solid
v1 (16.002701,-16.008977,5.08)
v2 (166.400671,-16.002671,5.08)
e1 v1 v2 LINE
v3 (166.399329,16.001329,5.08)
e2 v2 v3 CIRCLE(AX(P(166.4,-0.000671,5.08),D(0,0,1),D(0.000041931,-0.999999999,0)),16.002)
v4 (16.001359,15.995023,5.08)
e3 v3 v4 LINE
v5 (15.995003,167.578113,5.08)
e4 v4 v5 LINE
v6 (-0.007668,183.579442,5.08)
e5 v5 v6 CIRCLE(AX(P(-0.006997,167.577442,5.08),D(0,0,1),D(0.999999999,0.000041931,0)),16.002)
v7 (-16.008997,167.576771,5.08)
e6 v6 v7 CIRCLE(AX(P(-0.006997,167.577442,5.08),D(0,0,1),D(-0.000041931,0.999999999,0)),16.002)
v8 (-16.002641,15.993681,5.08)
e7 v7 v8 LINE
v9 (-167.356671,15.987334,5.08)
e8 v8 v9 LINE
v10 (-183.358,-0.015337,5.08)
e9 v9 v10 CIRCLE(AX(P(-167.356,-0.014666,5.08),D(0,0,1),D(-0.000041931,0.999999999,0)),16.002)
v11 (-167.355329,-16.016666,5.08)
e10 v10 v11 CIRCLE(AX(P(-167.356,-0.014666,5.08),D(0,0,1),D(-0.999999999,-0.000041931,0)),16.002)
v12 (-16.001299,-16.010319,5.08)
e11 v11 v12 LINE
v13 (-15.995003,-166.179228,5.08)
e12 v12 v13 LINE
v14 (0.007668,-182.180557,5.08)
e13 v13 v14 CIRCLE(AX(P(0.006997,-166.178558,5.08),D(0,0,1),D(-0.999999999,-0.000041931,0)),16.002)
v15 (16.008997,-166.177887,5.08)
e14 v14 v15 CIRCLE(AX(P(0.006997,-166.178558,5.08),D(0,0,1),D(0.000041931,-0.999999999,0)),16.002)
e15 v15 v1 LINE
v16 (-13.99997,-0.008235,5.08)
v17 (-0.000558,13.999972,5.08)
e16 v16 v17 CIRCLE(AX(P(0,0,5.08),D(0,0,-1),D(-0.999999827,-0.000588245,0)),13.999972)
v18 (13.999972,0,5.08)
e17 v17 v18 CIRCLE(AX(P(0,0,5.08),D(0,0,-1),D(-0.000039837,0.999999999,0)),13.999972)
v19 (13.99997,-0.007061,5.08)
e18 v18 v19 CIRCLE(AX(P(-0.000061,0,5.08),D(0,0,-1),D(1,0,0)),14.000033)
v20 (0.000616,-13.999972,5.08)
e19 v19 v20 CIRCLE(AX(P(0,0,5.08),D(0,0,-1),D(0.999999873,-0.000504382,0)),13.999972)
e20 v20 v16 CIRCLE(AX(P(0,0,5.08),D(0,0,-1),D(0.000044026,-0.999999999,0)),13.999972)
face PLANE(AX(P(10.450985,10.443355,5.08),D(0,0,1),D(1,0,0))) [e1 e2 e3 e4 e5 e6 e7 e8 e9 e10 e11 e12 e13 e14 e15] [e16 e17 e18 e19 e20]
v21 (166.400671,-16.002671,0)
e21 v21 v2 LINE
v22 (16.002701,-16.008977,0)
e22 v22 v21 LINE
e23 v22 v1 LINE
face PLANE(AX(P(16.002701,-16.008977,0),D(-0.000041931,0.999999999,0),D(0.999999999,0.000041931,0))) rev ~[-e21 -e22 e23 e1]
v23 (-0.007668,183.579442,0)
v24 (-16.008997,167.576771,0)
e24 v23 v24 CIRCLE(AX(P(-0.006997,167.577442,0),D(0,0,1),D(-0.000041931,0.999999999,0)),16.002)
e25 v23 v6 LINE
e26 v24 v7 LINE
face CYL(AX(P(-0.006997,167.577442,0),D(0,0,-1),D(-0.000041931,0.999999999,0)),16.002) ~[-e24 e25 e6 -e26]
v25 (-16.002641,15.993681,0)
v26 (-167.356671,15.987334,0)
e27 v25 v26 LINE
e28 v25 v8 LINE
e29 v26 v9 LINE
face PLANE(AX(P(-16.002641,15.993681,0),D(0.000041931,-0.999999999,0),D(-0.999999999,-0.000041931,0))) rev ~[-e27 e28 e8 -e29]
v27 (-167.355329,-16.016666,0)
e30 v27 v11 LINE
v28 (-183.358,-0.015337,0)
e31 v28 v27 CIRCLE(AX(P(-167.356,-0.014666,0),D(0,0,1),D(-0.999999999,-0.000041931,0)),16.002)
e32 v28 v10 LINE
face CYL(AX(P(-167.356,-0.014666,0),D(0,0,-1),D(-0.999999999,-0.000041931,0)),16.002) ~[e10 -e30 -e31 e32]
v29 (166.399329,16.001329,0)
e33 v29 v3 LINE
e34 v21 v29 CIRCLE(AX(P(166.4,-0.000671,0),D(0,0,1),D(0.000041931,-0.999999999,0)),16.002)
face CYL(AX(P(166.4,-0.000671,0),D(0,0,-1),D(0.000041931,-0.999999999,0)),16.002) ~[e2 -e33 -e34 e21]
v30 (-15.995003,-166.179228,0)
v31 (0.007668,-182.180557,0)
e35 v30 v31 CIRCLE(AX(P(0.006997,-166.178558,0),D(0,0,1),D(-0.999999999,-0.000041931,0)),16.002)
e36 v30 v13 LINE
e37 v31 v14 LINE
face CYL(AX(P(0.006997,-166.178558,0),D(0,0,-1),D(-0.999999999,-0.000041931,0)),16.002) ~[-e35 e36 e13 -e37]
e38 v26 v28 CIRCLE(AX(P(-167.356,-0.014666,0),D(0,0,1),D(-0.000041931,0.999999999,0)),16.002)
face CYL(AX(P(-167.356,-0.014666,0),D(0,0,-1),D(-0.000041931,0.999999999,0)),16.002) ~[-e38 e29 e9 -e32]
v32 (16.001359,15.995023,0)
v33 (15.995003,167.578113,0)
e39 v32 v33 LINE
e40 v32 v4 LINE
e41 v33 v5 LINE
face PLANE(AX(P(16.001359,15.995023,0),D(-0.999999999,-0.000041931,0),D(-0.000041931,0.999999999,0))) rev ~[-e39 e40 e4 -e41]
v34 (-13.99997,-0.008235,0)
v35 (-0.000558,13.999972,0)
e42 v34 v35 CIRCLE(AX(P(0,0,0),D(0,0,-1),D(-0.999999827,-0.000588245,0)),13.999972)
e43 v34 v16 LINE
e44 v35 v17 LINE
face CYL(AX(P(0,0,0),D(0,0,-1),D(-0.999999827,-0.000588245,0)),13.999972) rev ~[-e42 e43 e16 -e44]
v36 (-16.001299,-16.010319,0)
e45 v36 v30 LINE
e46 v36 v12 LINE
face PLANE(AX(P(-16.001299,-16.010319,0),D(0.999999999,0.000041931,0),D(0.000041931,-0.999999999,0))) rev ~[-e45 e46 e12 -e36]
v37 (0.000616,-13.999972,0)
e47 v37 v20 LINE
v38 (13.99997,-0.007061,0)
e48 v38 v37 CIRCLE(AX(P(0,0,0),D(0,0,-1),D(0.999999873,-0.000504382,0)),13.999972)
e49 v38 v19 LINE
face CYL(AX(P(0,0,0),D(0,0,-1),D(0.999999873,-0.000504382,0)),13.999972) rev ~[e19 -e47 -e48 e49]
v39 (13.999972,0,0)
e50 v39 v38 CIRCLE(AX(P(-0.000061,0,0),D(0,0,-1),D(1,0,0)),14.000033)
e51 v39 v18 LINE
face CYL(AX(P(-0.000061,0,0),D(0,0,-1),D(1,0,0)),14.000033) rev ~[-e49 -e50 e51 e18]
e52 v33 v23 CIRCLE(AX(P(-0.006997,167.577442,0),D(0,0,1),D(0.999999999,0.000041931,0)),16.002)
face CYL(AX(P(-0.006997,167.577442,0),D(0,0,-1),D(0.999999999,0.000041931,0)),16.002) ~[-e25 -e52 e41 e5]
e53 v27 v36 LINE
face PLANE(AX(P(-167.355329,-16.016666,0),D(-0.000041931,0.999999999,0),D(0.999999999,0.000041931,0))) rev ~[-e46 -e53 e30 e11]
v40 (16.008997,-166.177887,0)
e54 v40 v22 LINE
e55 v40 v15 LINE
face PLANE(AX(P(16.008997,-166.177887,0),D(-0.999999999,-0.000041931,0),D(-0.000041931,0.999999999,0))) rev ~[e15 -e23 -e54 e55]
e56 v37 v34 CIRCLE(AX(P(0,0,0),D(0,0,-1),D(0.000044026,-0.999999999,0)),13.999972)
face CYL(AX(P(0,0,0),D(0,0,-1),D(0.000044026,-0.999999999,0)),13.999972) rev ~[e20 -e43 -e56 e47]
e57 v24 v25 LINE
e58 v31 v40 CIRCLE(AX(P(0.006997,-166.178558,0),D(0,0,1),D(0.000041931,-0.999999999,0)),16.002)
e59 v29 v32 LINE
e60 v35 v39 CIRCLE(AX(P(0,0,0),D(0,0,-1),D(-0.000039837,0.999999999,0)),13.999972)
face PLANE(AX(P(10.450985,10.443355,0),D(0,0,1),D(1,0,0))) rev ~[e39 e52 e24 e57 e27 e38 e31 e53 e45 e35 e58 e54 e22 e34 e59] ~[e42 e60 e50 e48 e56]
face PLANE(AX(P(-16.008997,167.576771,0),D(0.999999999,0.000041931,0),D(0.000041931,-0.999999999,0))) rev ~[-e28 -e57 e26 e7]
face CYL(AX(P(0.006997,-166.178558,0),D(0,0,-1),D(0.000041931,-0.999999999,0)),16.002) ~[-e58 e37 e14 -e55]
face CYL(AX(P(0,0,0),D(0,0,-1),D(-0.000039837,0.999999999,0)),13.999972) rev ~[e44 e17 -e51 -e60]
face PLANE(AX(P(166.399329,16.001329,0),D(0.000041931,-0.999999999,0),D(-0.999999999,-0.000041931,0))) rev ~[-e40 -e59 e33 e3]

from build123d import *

# Parameters (mm, degrees)
F1_DEPTH = 5.08


with BuildPart() as f1:
    # F0 (on Top) → F1 (new body)
    with BuildSketch(Plane.XY):
        with BuildLine():
            ThreePointArc((-0.0005577104, 13.9999719889), (9.8992779553, 9.899672316), (13.999972, 0))
            ThreePointArc((13.999972, 0), (13.9999715548, -0.0035306699), (13.9999702192, -0.0070613395))
            Line((13.9999702192, -0.0070613395), (16.0020296353, -0.0069773903))
            Line((16.0020296353, -0.0069773903), (16.0013586484, 15.9950225957))
            Line((16.0013586484, 15.9950225957), (-0.0006413376, 15.9943516088))
            Line((-0.0006413376, 15.9943516088), (-0.0005577104, 13.9999719889))
        make_face()
        with BuildLine():
            ThreePointArc((-13.9999695778, -0.0082354173), (-9.9025834897, 9.8963658093), (-0.0005577104, 13.9999719889))
            Line((-0.0005577104, 13.9999719889), (-0.0006413376, 15.9943516088))
            Line((-0.0006413376, 15.9943516088), (-16.0026413235, 15.9936806219))
            Line((-16.0026413235, 15.9936806219), (-16.0019703366, -0.0083193641))
            Line((-16.0019703366, -0.0083193641), (-13.9999695778, -0.0082354173))
        make_face()
        with BuildLine():
            Line((16.0020296353, -0.0069773903), (13.9999702192, -0.0070613395))
            ThreePointArc((13.9999702192, -0.0070613395), (9.8971962336, -9.9017535171), (0.0006163676, -13.9999719864))
            Line((0.0006163676, -13.9999719864), (0.0007006362, -16.0096483631))
            Line((0.0007006362, -16.0096483631), (16.0027006222, -16.0089773762))
            Line((16.0027006222, -16.0089773762), (16.0020296353, -0.0069773903))
        make_face()
        with BuildLine():
            ThreePointArc((0.0006163676, -13.9999719864), (-9.8963450643, -9.9026042216), (-13.9999695778, -0.0082354173))
            Line((-13.9999695778, -0.0082354173), (-16.0019703366, -0.0083193641))
            Line((-16.0019703366, -0.0083193641), (-16.0012993497, -16.01031935))
            Line((-16.0012993497, -16.01031935), (0.0007006362, -16.0096483631))
            Line((0.0007006362, -16.0096483631), (0.0006163676, -13.9999719864))
        make_face()
        with BuildLine():
            Line((-16.0026413235, 15.9936806219), (-0.0006413376, 15.9943516088))
            Line((-0.0006413376, 15.9943516088), (-0.0076684216, 183.5794421849))
            ThreePointArc((-0.0076684216, 183.5794421849), (-11.3225945967, 178.8920904422), (-16.0089974207, 167.5767712121))
            Line((-16.0089974207, 167.5767712121), (-16.0026413235, 15.9936806219))
        make_face()
        with BuildLine():
            Line((-0.0076684216, 183.5794421849), (-0.0006413376, 15.9943516088))
            Line((-0.0006413376, 15.9943516088), (16.0013586484, 15.9950225957))
            Line((16.0013586484, 15.9950225957), (15.9950025512, 167.5781131858))
            ThreePointArc((15.9950025512, 167.5781131858), (11.3076508085, 178.8930393609), (-0.0076684216, 183.5794421849))
        make_face()
        Polygon((166.3999998453, -0.0006709869), (16.0020296353, -0.0069773903), (16.0027006222, -16.0089773762), (166.4006708322, -16.0026709728), align=None)
        Polygon((16.0013586484, 15.9950225957), (16.0020296353, -0.0069773903), (166.3999998453, -0.0006709869), (166.3993288584, 16.001328999), align=None)
        with BuildLine():
            Line((-183.3579998473, -0.0153368433), (-16.0019703366, -0.0083193641))
            Line((-16.0019703366, -0.0083193641), (-16.0026413235, 15.9936806219))
            Line((-16.0026413235, 15.9936806219), (-167.3566708482, 15.9873341296))
            ThreePointArc((-167.3566708482, 15.9873341296), (-178.6715970233, 11.2999823869), (-183.3579998473, -0.0153368433))
        make_face()
        with BuildLine():
            Line((-16.0012993497, -16.01031935), (-16.0019703366, -0.0083193641))
            Line((-16.0019703366, -0.0083193641), (-183.3579998473, -0.0153368433))
            ThreePointArc((-183.3579998473, -0.0153368433), (-178.6706481045, -11.3302630183), (-167.3553288744, -16.0166658423))
            Line((-167.3553288744, -16.0166658423), (-16.0012993497, -16.01031935))
        make_face()
        Polygon((16.0027006222, -16.0089773762), (0.0007006362, -16.0096483631), (0.0069974347, -166.1785575076), (16.0089974207, -166.1778865208), align=None)
        Polygon((0.0069974347, -166.1785575076), (0.0007006362, -16.0096483631), (-16.0012993497, -16.01031935), (-15.9950025512, -166.1792284945), align=None)
        with BuildLine():
            Line((166.3993288584, 16.001328999), (166.3999998453, -0.0006709869))
            Line((166.3999998453, -0.0006709869), (182.4019998312, 0))
            ThreePointArc((182.4019998312, 0), (177.7146480885, 11.3149261751), (166.3993288584, 16.001328999))
        make_face()
        with BuildLine():
            Line((182.4019998312, 0), (166.3999998453, -0.0006709869))
            Line((166.3999998453, -0.0006709869), (166.4006708322, -16.0026709728))
            ThreePointArc((166.4006708322, -16.0026709728), (177.7155970072, -11.3153192301), (182.4019998312, 0))
        make_face()
        with BuildLine():
            Line((16.0089974207, -166.1778865208), (0.0069974347, -166.1785575076))
            Line((0.0069974347, -166.1785575076), (0.0076684216, -182.1805574936))
            ThreePointArc((0.0076684216, -182.1805574936), (11.3225945967, -177.4932057509), (16.0089974207, -166.1778865208))
        make_face()
        with BuildLine():
            Line((0.0076684216, -182.1805574936), (0.0069974347, -166.1785575076))
            Line((0.0069974347, -166.1785575076), (-15.9950025512, -166.1792284945))
            ThreePointArc((-15.9950025512, -166.1792284945), (-11.3076508085, -177.4941546696), (0.0076684216, -182.1805574936))
        make_face()
    extrude(amount=F1_DEPTH)


solid = f1.part
